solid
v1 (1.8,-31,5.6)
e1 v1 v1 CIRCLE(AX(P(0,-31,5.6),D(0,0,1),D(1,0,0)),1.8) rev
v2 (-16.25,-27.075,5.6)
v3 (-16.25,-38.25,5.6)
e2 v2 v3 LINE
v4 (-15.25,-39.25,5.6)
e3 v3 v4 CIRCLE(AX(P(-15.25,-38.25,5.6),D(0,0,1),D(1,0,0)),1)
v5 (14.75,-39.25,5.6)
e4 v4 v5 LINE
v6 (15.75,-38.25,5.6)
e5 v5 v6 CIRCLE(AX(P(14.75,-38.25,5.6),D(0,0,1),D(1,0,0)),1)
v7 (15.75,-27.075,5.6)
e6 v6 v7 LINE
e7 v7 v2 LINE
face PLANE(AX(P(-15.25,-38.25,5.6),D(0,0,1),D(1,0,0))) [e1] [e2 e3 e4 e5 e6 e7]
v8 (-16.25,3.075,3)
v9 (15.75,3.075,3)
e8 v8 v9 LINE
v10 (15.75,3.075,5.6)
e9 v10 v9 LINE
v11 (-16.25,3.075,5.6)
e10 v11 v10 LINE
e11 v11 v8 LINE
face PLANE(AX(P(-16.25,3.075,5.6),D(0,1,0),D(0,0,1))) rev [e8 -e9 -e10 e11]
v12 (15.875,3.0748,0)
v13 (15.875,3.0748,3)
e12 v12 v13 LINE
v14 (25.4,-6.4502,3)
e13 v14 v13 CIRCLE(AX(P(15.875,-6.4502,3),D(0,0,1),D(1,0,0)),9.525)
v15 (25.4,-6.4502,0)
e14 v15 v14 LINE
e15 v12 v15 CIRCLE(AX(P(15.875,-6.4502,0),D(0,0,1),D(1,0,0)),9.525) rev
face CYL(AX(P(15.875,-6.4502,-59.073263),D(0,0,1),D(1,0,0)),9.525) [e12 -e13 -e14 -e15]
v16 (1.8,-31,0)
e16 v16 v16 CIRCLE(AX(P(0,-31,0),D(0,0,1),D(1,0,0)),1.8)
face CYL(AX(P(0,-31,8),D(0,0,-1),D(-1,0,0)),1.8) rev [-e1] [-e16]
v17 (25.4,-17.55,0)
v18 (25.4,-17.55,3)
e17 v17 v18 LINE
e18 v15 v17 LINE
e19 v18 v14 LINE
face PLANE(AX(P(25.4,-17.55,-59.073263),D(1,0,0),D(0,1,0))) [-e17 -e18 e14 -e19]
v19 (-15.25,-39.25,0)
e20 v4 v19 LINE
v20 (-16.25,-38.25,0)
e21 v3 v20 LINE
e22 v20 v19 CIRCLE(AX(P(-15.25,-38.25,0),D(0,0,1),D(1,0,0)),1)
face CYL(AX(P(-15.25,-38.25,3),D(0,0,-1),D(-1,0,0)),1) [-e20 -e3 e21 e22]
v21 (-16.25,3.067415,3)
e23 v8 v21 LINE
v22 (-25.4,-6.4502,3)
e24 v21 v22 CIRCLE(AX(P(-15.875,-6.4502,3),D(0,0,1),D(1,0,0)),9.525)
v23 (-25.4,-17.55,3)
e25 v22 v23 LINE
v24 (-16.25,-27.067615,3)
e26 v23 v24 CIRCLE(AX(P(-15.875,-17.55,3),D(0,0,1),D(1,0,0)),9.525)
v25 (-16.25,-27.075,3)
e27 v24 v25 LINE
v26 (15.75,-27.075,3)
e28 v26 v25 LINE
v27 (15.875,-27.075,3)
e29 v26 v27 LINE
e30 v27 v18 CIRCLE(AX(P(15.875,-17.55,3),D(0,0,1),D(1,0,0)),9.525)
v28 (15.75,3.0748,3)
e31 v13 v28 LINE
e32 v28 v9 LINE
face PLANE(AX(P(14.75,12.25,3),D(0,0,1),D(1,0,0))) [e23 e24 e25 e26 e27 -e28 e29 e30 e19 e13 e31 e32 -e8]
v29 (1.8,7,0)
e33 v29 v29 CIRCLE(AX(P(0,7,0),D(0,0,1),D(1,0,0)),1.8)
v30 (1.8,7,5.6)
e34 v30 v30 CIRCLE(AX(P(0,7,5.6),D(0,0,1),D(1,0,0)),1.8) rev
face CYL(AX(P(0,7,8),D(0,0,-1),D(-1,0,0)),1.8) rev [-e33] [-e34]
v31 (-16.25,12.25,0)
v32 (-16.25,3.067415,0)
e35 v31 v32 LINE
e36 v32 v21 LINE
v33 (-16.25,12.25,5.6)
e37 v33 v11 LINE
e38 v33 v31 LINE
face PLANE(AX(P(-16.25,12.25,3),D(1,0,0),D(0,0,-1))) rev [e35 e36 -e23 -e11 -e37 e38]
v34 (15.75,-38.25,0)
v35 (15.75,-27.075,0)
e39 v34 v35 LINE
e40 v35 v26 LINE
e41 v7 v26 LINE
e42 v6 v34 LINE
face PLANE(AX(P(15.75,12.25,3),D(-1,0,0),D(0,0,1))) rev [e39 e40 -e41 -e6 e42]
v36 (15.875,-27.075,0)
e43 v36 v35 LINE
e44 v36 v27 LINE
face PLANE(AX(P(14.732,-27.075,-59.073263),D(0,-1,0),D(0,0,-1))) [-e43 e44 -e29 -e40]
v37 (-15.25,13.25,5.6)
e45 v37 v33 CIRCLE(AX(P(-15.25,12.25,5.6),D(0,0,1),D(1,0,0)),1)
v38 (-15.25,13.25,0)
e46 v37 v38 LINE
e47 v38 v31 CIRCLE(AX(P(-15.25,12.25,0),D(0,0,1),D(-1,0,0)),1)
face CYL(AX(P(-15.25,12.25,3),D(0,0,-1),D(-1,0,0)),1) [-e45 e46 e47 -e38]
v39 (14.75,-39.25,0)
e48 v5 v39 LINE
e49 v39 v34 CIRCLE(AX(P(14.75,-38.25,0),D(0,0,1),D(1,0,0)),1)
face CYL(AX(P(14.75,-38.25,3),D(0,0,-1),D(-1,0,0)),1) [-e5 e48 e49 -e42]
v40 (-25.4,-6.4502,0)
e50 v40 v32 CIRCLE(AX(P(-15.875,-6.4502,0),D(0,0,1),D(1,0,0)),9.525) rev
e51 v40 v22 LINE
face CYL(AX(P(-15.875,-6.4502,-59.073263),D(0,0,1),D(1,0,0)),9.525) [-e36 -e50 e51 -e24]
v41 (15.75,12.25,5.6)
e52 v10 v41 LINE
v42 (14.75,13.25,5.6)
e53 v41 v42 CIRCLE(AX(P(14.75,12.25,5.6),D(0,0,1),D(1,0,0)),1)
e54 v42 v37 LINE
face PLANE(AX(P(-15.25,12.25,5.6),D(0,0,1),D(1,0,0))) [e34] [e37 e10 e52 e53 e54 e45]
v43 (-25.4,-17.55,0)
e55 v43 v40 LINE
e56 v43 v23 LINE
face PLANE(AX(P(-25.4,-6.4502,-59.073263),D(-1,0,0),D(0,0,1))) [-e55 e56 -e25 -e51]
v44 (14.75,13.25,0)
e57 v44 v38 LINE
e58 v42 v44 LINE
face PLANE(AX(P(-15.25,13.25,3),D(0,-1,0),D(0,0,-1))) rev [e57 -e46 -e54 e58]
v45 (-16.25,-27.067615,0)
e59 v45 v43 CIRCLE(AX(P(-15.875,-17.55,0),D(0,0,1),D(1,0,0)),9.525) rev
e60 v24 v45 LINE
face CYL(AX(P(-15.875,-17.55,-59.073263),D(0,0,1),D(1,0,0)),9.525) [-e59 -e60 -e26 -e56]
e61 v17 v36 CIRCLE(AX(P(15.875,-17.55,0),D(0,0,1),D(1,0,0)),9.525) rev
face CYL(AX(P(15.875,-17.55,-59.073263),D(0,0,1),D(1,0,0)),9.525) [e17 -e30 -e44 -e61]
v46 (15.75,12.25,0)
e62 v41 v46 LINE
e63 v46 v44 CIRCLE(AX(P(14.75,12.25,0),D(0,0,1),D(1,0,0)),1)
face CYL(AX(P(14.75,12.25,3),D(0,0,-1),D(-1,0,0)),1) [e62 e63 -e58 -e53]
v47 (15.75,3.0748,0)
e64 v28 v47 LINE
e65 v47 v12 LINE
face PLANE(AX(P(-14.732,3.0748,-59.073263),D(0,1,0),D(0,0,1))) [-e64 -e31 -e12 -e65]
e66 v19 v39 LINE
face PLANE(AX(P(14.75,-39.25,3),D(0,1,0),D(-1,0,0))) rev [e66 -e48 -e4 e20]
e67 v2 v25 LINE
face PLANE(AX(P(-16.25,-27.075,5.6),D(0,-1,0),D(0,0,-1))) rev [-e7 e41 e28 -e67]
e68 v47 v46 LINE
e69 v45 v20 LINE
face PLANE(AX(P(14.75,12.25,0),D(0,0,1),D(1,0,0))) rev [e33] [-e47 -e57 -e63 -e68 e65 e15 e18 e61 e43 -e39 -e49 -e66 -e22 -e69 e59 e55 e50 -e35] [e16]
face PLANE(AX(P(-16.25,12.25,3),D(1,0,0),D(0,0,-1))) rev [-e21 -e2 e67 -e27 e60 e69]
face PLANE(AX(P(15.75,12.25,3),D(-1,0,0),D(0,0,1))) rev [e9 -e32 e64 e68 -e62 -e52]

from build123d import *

# Parameters (mm, degrees)
BOSS_EXTRUDE1_DEPTH = 3
BOSS_EXTRUDE2_DEPTH = 2.6
BOSS_EXTRUDE3_DEPTH = 3
SKETCH8_R           = 1.8
CUT_EXTRUDE2_DEPTH  = 8


with BuildPart() as part:
    # Sketch1 → Boss-Extrude1 (new body)
    with BuildSketch(Plane.XY):
        with BuildLine():
            Line((-15.250000001, 13.250000001), (14.75, 13.250000001))
            ThreePointArc((14.75, 13.250000001), (15.457106781, 12.957106782), (15.75, 12.250000001))
            Line((15.75, 12.250000001), (15.75, -38.249999999))
            ThreePointArc((15.75, -38.249999999), (15.457106781, -38.95710678), (14.75, -39.249999999))
            Line((14.75, -39.249999999), (-15.250000001, -39.249999999))
            ThreePointArc((-15.250000001, -39.249999999), (-15.957106782, -38.95710678), (-16.250000001, -38.249999999))
            Line((-16.250000001, -38.249999999), (-16.250000001, 12.250000001))
            ThreePointArc((-16.250000001, 12.250000001), (-15.957106782, 12.957106782), (-15.250000001, 13.250000001))
        make_face()
    extrude(amount=BOSS_EXTRUDE1_DEPTH)

    # Sketch2 → Boss-Extrude2 (add)
    with BuildSketch(Plane.XY.offset(3)):
        with BuildLine():
            Line((15.75, -38.249999999), (15.75, -27.074999999))
            Line((15.75, -27.074999999), (-16.250000001, -27.074999999))
            Line((-16.250000001, -27.074999999), (-16.250000001, -38.249999999))
            ThreePointArc((-16.250000001, -38.249999999), (-15.957106782, -38.95710678), (-15.250000001, -39.249999999))
            Line((-15.250000001, -39.249999999), (14.75, -39.249999999))
            ThreePointArc((14.75, -39.249999999), (15.457106781, -38.95710678), (15.75, -38.249999999))
        make_face()
        with BuildLine():
            Line((14.75, 13.250000001), (-15.250000001, 13.250000001))
            ThreePointArc((-15.250000001, 13.250000001), (-15.957106782, 12.957106782), (-16.250000001, 12.250000001))
            Line((-16.250000001, 12.250000001), (-16.250000001, 3.075000001))
            Line((-16.250000001, 3.075000001), (15.75, 3.075000001))
            Line((15.75, 3.075000001), (15.75, 12.250000001))
            ThreePointArc((15.75, 12.250000001), (15.457106781, 12.957106782), (14.75, 13.250000001))
        make_face()
    extrude(amount=BOSS_EXTRUDE2_DEPTH)

    # Sketch7 → Boss-Extrude3 (add)
    with BuildSketch(Plane.XY.offset(3)):
        with BuildLine():
            Line((-14.732, 3.074800001), (14.732, 3.074800001))
            Line((14.732, 3.074800001), (15.875, 3.074800001))
            ThreePointArc((15.875, 3.074800001), (22.610192091, 0.284992092), (25.4, -6.450199999))
            Line((25.4, -6.450199999), (25.4, -17.549999999))
            ThreePointArc((25.4, -17.549999999), (22.610192091, -24.28519209), (15.875, -27.074999999))
            Line((15.875, -27.074999999), (14.732, -27.074999999))
            Line((14.732, -27.074999999), (-14.732, -27.074999999))
            Line((-14.732, -27.074999999), (-15.875, -27.074999999))
            ThreePointArc((-15.875, -27.074999999), (-22.610192091, -24.28519209), (-25.4, -17.549999999))
            Line((-25.4, -17.549999999), (-25.4, -6.450199999))
            ThreePointArc((-25.4, -6.450199999), (-22.610192091, 0.284992092), (-15.875, 3.074800001))
            Line((-15.875, 3.074800001), (-14.732, 3.074800001))
        make_face()
    extrude(amount=-BOSS_EXTRUDE3_DEPTH)

    # Sketch8 → Cut-Extrude2 (cut)
    with BuildSketch(Plane.XY):
        with Locations((0, 7)):
            Circle(SKETCH8_R)
        with Locations((0, -31)):
            Circle(SKETCH8_R)
    extrude(amount=CUT_EXTRUDE2_DEPTH, mode=Mode.SUBTRACT)


solid = part.part
